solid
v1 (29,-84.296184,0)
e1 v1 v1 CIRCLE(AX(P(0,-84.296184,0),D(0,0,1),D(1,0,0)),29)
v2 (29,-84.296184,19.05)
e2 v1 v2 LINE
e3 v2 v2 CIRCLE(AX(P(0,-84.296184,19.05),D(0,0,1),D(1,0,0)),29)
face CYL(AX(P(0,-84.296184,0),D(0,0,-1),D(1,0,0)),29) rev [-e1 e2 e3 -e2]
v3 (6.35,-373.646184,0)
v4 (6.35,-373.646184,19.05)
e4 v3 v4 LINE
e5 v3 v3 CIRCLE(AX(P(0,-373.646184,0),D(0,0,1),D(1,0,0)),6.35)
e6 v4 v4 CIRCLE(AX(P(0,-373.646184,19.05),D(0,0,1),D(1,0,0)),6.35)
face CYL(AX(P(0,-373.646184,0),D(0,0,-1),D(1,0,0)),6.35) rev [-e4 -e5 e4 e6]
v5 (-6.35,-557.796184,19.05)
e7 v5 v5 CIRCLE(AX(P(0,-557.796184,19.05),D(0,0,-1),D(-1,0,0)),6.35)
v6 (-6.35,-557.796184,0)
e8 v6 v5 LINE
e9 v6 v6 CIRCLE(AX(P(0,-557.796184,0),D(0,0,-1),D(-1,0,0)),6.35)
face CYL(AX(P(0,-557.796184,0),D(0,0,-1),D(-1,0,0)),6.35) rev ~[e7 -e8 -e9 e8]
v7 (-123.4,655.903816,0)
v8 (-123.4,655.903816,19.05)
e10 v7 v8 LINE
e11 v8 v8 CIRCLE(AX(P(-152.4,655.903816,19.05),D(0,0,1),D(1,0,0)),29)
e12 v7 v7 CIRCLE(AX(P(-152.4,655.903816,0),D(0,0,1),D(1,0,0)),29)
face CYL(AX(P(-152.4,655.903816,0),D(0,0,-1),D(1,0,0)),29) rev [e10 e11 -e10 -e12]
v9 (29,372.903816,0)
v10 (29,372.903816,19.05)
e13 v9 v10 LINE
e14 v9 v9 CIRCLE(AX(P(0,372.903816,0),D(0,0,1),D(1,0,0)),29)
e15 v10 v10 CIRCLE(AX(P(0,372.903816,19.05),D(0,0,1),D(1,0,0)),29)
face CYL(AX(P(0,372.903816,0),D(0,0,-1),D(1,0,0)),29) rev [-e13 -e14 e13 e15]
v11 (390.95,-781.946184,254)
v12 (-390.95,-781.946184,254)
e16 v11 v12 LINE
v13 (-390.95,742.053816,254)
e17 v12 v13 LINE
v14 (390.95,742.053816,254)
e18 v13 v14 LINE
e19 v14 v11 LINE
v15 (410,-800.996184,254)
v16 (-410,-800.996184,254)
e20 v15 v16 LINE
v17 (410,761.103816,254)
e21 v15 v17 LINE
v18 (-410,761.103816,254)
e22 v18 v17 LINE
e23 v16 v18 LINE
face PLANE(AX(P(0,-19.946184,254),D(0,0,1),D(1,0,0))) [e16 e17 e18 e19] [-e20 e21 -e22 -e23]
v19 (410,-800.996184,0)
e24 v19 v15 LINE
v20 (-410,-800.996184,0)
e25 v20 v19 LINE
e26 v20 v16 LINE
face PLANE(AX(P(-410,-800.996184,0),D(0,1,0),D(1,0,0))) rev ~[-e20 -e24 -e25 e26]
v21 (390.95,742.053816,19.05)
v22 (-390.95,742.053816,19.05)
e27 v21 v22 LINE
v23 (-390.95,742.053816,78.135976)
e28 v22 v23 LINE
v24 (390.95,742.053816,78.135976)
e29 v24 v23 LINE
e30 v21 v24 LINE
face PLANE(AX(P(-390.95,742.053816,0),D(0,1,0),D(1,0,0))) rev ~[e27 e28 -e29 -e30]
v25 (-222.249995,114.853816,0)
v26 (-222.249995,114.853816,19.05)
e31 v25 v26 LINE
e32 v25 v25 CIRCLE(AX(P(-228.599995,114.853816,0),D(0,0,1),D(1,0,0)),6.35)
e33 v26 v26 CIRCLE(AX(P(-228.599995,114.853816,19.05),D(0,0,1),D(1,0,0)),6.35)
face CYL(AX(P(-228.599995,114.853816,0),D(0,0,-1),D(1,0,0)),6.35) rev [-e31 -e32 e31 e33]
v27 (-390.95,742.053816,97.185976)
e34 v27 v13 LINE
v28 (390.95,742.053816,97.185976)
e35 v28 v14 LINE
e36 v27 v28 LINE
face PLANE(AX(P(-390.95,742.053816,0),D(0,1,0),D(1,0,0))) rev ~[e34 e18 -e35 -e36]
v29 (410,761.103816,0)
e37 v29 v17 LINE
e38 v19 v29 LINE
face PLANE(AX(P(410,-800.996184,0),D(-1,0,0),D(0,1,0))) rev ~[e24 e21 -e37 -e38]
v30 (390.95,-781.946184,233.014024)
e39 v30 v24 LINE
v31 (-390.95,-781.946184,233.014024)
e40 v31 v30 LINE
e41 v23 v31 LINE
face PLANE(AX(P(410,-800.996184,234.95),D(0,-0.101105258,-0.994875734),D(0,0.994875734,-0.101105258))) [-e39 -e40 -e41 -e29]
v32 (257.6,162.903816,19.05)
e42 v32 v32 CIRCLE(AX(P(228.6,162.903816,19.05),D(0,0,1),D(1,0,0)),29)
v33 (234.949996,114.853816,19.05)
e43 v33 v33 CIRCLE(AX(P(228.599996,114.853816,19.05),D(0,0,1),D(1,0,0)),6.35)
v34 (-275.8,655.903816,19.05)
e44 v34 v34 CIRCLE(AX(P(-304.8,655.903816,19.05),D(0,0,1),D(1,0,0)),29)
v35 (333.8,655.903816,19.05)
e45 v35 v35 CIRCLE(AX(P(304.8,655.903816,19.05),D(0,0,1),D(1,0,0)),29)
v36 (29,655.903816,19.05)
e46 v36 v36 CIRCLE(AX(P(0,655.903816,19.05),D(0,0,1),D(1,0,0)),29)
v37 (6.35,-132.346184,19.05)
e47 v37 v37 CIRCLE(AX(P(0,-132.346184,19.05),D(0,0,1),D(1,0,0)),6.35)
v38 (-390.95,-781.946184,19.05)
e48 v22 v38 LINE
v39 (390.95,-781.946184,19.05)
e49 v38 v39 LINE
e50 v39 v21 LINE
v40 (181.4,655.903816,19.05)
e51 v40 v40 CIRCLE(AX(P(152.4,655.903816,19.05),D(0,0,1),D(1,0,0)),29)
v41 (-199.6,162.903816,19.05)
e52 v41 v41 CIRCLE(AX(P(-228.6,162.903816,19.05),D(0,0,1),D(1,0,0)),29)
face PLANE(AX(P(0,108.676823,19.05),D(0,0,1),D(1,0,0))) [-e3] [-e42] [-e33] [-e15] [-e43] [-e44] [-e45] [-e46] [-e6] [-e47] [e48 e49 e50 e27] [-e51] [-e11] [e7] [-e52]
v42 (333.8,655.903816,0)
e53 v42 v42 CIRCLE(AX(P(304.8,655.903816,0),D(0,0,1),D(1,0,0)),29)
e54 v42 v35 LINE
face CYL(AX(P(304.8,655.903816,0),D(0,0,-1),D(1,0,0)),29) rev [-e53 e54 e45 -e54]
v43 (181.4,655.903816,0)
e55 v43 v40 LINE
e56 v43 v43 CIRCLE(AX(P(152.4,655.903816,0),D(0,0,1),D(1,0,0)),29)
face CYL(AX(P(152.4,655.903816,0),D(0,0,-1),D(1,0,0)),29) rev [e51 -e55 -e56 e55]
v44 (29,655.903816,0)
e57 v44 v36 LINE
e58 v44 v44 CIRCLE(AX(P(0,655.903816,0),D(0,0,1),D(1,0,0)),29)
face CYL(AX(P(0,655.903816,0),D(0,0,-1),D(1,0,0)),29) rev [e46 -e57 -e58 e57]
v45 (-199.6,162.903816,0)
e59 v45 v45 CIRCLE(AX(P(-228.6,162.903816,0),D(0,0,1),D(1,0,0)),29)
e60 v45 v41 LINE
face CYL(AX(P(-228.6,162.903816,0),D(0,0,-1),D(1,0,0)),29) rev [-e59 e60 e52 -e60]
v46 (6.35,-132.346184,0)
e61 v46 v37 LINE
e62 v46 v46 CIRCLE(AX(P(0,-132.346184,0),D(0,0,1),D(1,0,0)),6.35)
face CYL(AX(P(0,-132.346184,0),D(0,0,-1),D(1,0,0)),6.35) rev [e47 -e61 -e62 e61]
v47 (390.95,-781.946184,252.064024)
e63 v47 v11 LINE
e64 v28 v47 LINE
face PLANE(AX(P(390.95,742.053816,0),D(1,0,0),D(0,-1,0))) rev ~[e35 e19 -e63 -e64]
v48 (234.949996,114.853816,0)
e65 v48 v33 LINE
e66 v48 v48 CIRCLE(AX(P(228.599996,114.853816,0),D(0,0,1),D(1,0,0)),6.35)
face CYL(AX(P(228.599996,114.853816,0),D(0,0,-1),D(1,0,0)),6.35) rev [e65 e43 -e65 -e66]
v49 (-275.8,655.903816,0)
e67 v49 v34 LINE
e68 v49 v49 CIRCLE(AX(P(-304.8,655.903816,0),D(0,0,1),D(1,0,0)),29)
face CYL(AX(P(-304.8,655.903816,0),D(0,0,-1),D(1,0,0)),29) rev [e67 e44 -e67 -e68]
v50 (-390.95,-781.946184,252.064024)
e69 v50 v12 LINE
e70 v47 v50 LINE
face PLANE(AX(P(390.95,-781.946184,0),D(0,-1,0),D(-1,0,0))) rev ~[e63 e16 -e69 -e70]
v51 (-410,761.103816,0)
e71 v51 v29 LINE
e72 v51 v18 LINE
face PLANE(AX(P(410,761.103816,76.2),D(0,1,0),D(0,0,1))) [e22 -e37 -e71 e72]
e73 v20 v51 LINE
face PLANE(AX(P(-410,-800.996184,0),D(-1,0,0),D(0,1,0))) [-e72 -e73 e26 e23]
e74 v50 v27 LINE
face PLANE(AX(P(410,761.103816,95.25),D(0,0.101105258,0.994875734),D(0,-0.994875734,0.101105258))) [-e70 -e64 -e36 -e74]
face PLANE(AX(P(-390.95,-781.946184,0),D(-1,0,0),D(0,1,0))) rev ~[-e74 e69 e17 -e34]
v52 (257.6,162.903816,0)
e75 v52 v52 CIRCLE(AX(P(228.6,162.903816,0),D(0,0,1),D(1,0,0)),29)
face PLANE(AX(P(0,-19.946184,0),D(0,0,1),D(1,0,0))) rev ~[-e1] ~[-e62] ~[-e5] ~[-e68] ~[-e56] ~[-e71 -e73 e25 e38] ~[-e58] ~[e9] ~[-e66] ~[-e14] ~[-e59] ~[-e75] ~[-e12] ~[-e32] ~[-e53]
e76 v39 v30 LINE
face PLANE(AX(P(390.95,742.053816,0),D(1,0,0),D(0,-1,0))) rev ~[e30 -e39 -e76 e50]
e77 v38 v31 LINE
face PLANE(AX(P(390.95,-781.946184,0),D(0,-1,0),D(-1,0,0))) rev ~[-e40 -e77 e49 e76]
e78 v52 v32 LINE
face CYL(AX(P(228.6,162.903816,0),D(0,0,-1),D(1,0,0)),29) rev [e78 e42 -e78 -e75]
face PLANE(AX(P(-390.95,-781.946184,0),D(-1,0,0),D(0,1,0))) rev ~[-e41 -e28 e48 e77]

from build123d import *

# Parameters (mm, degrees)
F0_R     = 6.35
F0_R_2   = 29
F1_DEPTH = 19.05
F0_W     = 820
F0_H     = 1562.1
F2_DEPTH = 254
F4_DEPTH = 819.9882


with BuildPart() as f1:
    # F0 (on Top) → F1 (new body)
    with BuildSketch(Plane.XY):
        with BuildLine():
            Line((-357.9300045967, 709.0338208199), (-357.9300045967, -441.2995662034))
            Line((-357.9300045967, -441.2995662034), (-38.1, -557.7961837769))
            ThreePointArc((-38.1, -557.7961837769), (0, -519.6961837769), (38.1, -557.7961837769))
            Line((38.1, -557.7961837769), (357.9300045967, -441.2995662034))
            Line((357.9300045967, -441.2995662034), (357.9300045967, 709.0338208199))
            Line((357.9300045967, 709.0338208199), (-357.9300045967, 709.0338208199))
        make_face()
        with Locations((0, -373.6461837769)):
            Circle(F0_R, mode=Mode.SUBTRACT)
        with Locations((0, -132.3461837769)):
            Circle(F0_R, mode=Mode.SUBTRACT)
        with Locations((0, -84.2961837769)):
            Circle(F0_R_2, mode=Mode.SUBTRACT)
        with Locations((-228.5999953747, 114.8538155079)):
            Circle(F0_R, mode=Mode.SUBTRACT)
        with Locations((-228.6, 162.9038156998)):
            Circle(F0_R_2, mode=Mode.SUBTRACT)
        with Locations((-304.8, 655.9038162231)):
            Circle(F0_R_2, mode=Mode.SUBTRACT)
        with Locations((-152.4, 655.9038162231)):
            Circle(F0_R_2, mode=Mode.SUBTRACT)
        with Locations((228.5999959257, 114.8538155079)):
            Circle(F0_R, mode=Mode.SUBTRACT)
        with Locations((228.6, 162.9038155079)):
            Circle(F0_R_2, mode=Mode.SUBTRACT)
        with Locations((0, 372.9038162231)):
            Circle(F0_R_2, mode=Mode.SUBTRACT)
        with Locations((0, 655.9038162231)):
            Circle(F0_R_2, mode=Mode.SUBTRACT)
        with Locations((152.4, 655.9038162231)):
            Circle(F0_R_2, mode=Mode.SUBTRACT)
        with Locations((304.8, 655.9038162231)):
            Circle(F0_R_2, mode=Mode.SUBTRACT)
        Polygon((357.9300045967, -557.7961837769), (357.9300045967, -441.2995662034), (38.1, -557.7961837769), align=None)
        Polygon((-38.1, -557.7961837769), (-357.9300045967, -441.2995662034), (-357.9300045967, -557.7961837769), align=None)
        with BuildLine():
            Line((-38.1, -557.7961837769), (-357.9300045967, -557.7961837769))
            Line((-357.9300045967, -557.7961837769), (-357.9300045967, -748.9261883736))
            Line((-357.9300045967, -748.9261883736), (357.9300045967, -748.9261883736))
            Line((357.9300045967, -748.9261883736), (357.9300045967, -557.7961837769))
            Line((357.9300045967, -557.7961837769), (38.1, -557.7961837769))
            Line((38.1, -557.7961837769), (6.35, -557.7961837769))
            ThreePointArc((6.35, -557.7961837769), (0, -564.1461837769), (-6.35, -557.7961837769))
            Line((-6.35, -557.7961837769), (-38.1, -557.7961837769))
        make_face()
        with BuildLine():
            ThreePointArc((38.1, -557.7961837769), (0, -519.6961837769), (-38.1, -557.7961837769))
            Line((-38.1, -557.7961837769), (-6.35, -557.7961837769))
            ThreePointArc((-6.35, -557.7961837769), (0, -551.4461837769), (6.35, -557.7961837769))
            Line((6.35, -557.7961837769), (38.1, -557.7961837769))
        make_face()
        Polygon((390.95, 742.0538162231), (-390.95, 742.0538162231), (-390.95, -429.2721837769), (-357.9300045967, -441.2995662034), (-357.9300045967, 709.0338208199), (357.9300045967, 709.0338208199), (357.9300045967, -441.2995662034), (390.95, -429.2721837769), align=None)
        Polygon((-357.9300045967, -441.2995662034), (-390.95, -429.2721837769), (-390.95, -557.7961837769), (-357.9300045967, -557.7961837769), align=None)
        Polygon((-357.9300045967, -557.7961837769), (-390.95, -557.7961837769), (-390.95, -781.9461837769), (390.95, -781.9461837769), (390.95, -557.7961837769), (357.9300045967, -557.7961837769), (357.9300045967, -748.9261883736), (-357.9300045967, -748.9261883736), align=None)
        Polygon((390.95, -557.7961837769), (390.95, -429.2721837769), (357.9300045967, -441.2995662034), (357.9300045967, -557.7961837769), align=None)
    extrude(amount=F1_DEPTH)

    # F0 (on Top) → F2 (join)
    with BuildSketch(Plane.XY):
        with Locations((0, -19.9461837769)):
            Rectangle(F0_W, F0_H)
        Polygon((-390.95, -429.2721837769), (-390.95, 742.0538162231), (390.95, 742.0538162231), (390.95, -429.2721837769), (390.95, -557.7961837769), (390.95, -781.9461837769), (-390.95, -781.9461837769), (-390.95, -557.7961837769), align=None, mode=Mode.SUBTRACT)
    extrude(amount=F2_DEPTH)

    # F3 (on face) → F4 (join)
    with BuildSketch(Plane.YZ.offset(410)):
        Polygon((-800.9961837769, 234.95), (761.1038162231, 76.2), (761.1038162231, 95.25), (-800.9961837769, 254), align=None)
    extrude(amount=-F4_DEPTH)


solid = f1.part
